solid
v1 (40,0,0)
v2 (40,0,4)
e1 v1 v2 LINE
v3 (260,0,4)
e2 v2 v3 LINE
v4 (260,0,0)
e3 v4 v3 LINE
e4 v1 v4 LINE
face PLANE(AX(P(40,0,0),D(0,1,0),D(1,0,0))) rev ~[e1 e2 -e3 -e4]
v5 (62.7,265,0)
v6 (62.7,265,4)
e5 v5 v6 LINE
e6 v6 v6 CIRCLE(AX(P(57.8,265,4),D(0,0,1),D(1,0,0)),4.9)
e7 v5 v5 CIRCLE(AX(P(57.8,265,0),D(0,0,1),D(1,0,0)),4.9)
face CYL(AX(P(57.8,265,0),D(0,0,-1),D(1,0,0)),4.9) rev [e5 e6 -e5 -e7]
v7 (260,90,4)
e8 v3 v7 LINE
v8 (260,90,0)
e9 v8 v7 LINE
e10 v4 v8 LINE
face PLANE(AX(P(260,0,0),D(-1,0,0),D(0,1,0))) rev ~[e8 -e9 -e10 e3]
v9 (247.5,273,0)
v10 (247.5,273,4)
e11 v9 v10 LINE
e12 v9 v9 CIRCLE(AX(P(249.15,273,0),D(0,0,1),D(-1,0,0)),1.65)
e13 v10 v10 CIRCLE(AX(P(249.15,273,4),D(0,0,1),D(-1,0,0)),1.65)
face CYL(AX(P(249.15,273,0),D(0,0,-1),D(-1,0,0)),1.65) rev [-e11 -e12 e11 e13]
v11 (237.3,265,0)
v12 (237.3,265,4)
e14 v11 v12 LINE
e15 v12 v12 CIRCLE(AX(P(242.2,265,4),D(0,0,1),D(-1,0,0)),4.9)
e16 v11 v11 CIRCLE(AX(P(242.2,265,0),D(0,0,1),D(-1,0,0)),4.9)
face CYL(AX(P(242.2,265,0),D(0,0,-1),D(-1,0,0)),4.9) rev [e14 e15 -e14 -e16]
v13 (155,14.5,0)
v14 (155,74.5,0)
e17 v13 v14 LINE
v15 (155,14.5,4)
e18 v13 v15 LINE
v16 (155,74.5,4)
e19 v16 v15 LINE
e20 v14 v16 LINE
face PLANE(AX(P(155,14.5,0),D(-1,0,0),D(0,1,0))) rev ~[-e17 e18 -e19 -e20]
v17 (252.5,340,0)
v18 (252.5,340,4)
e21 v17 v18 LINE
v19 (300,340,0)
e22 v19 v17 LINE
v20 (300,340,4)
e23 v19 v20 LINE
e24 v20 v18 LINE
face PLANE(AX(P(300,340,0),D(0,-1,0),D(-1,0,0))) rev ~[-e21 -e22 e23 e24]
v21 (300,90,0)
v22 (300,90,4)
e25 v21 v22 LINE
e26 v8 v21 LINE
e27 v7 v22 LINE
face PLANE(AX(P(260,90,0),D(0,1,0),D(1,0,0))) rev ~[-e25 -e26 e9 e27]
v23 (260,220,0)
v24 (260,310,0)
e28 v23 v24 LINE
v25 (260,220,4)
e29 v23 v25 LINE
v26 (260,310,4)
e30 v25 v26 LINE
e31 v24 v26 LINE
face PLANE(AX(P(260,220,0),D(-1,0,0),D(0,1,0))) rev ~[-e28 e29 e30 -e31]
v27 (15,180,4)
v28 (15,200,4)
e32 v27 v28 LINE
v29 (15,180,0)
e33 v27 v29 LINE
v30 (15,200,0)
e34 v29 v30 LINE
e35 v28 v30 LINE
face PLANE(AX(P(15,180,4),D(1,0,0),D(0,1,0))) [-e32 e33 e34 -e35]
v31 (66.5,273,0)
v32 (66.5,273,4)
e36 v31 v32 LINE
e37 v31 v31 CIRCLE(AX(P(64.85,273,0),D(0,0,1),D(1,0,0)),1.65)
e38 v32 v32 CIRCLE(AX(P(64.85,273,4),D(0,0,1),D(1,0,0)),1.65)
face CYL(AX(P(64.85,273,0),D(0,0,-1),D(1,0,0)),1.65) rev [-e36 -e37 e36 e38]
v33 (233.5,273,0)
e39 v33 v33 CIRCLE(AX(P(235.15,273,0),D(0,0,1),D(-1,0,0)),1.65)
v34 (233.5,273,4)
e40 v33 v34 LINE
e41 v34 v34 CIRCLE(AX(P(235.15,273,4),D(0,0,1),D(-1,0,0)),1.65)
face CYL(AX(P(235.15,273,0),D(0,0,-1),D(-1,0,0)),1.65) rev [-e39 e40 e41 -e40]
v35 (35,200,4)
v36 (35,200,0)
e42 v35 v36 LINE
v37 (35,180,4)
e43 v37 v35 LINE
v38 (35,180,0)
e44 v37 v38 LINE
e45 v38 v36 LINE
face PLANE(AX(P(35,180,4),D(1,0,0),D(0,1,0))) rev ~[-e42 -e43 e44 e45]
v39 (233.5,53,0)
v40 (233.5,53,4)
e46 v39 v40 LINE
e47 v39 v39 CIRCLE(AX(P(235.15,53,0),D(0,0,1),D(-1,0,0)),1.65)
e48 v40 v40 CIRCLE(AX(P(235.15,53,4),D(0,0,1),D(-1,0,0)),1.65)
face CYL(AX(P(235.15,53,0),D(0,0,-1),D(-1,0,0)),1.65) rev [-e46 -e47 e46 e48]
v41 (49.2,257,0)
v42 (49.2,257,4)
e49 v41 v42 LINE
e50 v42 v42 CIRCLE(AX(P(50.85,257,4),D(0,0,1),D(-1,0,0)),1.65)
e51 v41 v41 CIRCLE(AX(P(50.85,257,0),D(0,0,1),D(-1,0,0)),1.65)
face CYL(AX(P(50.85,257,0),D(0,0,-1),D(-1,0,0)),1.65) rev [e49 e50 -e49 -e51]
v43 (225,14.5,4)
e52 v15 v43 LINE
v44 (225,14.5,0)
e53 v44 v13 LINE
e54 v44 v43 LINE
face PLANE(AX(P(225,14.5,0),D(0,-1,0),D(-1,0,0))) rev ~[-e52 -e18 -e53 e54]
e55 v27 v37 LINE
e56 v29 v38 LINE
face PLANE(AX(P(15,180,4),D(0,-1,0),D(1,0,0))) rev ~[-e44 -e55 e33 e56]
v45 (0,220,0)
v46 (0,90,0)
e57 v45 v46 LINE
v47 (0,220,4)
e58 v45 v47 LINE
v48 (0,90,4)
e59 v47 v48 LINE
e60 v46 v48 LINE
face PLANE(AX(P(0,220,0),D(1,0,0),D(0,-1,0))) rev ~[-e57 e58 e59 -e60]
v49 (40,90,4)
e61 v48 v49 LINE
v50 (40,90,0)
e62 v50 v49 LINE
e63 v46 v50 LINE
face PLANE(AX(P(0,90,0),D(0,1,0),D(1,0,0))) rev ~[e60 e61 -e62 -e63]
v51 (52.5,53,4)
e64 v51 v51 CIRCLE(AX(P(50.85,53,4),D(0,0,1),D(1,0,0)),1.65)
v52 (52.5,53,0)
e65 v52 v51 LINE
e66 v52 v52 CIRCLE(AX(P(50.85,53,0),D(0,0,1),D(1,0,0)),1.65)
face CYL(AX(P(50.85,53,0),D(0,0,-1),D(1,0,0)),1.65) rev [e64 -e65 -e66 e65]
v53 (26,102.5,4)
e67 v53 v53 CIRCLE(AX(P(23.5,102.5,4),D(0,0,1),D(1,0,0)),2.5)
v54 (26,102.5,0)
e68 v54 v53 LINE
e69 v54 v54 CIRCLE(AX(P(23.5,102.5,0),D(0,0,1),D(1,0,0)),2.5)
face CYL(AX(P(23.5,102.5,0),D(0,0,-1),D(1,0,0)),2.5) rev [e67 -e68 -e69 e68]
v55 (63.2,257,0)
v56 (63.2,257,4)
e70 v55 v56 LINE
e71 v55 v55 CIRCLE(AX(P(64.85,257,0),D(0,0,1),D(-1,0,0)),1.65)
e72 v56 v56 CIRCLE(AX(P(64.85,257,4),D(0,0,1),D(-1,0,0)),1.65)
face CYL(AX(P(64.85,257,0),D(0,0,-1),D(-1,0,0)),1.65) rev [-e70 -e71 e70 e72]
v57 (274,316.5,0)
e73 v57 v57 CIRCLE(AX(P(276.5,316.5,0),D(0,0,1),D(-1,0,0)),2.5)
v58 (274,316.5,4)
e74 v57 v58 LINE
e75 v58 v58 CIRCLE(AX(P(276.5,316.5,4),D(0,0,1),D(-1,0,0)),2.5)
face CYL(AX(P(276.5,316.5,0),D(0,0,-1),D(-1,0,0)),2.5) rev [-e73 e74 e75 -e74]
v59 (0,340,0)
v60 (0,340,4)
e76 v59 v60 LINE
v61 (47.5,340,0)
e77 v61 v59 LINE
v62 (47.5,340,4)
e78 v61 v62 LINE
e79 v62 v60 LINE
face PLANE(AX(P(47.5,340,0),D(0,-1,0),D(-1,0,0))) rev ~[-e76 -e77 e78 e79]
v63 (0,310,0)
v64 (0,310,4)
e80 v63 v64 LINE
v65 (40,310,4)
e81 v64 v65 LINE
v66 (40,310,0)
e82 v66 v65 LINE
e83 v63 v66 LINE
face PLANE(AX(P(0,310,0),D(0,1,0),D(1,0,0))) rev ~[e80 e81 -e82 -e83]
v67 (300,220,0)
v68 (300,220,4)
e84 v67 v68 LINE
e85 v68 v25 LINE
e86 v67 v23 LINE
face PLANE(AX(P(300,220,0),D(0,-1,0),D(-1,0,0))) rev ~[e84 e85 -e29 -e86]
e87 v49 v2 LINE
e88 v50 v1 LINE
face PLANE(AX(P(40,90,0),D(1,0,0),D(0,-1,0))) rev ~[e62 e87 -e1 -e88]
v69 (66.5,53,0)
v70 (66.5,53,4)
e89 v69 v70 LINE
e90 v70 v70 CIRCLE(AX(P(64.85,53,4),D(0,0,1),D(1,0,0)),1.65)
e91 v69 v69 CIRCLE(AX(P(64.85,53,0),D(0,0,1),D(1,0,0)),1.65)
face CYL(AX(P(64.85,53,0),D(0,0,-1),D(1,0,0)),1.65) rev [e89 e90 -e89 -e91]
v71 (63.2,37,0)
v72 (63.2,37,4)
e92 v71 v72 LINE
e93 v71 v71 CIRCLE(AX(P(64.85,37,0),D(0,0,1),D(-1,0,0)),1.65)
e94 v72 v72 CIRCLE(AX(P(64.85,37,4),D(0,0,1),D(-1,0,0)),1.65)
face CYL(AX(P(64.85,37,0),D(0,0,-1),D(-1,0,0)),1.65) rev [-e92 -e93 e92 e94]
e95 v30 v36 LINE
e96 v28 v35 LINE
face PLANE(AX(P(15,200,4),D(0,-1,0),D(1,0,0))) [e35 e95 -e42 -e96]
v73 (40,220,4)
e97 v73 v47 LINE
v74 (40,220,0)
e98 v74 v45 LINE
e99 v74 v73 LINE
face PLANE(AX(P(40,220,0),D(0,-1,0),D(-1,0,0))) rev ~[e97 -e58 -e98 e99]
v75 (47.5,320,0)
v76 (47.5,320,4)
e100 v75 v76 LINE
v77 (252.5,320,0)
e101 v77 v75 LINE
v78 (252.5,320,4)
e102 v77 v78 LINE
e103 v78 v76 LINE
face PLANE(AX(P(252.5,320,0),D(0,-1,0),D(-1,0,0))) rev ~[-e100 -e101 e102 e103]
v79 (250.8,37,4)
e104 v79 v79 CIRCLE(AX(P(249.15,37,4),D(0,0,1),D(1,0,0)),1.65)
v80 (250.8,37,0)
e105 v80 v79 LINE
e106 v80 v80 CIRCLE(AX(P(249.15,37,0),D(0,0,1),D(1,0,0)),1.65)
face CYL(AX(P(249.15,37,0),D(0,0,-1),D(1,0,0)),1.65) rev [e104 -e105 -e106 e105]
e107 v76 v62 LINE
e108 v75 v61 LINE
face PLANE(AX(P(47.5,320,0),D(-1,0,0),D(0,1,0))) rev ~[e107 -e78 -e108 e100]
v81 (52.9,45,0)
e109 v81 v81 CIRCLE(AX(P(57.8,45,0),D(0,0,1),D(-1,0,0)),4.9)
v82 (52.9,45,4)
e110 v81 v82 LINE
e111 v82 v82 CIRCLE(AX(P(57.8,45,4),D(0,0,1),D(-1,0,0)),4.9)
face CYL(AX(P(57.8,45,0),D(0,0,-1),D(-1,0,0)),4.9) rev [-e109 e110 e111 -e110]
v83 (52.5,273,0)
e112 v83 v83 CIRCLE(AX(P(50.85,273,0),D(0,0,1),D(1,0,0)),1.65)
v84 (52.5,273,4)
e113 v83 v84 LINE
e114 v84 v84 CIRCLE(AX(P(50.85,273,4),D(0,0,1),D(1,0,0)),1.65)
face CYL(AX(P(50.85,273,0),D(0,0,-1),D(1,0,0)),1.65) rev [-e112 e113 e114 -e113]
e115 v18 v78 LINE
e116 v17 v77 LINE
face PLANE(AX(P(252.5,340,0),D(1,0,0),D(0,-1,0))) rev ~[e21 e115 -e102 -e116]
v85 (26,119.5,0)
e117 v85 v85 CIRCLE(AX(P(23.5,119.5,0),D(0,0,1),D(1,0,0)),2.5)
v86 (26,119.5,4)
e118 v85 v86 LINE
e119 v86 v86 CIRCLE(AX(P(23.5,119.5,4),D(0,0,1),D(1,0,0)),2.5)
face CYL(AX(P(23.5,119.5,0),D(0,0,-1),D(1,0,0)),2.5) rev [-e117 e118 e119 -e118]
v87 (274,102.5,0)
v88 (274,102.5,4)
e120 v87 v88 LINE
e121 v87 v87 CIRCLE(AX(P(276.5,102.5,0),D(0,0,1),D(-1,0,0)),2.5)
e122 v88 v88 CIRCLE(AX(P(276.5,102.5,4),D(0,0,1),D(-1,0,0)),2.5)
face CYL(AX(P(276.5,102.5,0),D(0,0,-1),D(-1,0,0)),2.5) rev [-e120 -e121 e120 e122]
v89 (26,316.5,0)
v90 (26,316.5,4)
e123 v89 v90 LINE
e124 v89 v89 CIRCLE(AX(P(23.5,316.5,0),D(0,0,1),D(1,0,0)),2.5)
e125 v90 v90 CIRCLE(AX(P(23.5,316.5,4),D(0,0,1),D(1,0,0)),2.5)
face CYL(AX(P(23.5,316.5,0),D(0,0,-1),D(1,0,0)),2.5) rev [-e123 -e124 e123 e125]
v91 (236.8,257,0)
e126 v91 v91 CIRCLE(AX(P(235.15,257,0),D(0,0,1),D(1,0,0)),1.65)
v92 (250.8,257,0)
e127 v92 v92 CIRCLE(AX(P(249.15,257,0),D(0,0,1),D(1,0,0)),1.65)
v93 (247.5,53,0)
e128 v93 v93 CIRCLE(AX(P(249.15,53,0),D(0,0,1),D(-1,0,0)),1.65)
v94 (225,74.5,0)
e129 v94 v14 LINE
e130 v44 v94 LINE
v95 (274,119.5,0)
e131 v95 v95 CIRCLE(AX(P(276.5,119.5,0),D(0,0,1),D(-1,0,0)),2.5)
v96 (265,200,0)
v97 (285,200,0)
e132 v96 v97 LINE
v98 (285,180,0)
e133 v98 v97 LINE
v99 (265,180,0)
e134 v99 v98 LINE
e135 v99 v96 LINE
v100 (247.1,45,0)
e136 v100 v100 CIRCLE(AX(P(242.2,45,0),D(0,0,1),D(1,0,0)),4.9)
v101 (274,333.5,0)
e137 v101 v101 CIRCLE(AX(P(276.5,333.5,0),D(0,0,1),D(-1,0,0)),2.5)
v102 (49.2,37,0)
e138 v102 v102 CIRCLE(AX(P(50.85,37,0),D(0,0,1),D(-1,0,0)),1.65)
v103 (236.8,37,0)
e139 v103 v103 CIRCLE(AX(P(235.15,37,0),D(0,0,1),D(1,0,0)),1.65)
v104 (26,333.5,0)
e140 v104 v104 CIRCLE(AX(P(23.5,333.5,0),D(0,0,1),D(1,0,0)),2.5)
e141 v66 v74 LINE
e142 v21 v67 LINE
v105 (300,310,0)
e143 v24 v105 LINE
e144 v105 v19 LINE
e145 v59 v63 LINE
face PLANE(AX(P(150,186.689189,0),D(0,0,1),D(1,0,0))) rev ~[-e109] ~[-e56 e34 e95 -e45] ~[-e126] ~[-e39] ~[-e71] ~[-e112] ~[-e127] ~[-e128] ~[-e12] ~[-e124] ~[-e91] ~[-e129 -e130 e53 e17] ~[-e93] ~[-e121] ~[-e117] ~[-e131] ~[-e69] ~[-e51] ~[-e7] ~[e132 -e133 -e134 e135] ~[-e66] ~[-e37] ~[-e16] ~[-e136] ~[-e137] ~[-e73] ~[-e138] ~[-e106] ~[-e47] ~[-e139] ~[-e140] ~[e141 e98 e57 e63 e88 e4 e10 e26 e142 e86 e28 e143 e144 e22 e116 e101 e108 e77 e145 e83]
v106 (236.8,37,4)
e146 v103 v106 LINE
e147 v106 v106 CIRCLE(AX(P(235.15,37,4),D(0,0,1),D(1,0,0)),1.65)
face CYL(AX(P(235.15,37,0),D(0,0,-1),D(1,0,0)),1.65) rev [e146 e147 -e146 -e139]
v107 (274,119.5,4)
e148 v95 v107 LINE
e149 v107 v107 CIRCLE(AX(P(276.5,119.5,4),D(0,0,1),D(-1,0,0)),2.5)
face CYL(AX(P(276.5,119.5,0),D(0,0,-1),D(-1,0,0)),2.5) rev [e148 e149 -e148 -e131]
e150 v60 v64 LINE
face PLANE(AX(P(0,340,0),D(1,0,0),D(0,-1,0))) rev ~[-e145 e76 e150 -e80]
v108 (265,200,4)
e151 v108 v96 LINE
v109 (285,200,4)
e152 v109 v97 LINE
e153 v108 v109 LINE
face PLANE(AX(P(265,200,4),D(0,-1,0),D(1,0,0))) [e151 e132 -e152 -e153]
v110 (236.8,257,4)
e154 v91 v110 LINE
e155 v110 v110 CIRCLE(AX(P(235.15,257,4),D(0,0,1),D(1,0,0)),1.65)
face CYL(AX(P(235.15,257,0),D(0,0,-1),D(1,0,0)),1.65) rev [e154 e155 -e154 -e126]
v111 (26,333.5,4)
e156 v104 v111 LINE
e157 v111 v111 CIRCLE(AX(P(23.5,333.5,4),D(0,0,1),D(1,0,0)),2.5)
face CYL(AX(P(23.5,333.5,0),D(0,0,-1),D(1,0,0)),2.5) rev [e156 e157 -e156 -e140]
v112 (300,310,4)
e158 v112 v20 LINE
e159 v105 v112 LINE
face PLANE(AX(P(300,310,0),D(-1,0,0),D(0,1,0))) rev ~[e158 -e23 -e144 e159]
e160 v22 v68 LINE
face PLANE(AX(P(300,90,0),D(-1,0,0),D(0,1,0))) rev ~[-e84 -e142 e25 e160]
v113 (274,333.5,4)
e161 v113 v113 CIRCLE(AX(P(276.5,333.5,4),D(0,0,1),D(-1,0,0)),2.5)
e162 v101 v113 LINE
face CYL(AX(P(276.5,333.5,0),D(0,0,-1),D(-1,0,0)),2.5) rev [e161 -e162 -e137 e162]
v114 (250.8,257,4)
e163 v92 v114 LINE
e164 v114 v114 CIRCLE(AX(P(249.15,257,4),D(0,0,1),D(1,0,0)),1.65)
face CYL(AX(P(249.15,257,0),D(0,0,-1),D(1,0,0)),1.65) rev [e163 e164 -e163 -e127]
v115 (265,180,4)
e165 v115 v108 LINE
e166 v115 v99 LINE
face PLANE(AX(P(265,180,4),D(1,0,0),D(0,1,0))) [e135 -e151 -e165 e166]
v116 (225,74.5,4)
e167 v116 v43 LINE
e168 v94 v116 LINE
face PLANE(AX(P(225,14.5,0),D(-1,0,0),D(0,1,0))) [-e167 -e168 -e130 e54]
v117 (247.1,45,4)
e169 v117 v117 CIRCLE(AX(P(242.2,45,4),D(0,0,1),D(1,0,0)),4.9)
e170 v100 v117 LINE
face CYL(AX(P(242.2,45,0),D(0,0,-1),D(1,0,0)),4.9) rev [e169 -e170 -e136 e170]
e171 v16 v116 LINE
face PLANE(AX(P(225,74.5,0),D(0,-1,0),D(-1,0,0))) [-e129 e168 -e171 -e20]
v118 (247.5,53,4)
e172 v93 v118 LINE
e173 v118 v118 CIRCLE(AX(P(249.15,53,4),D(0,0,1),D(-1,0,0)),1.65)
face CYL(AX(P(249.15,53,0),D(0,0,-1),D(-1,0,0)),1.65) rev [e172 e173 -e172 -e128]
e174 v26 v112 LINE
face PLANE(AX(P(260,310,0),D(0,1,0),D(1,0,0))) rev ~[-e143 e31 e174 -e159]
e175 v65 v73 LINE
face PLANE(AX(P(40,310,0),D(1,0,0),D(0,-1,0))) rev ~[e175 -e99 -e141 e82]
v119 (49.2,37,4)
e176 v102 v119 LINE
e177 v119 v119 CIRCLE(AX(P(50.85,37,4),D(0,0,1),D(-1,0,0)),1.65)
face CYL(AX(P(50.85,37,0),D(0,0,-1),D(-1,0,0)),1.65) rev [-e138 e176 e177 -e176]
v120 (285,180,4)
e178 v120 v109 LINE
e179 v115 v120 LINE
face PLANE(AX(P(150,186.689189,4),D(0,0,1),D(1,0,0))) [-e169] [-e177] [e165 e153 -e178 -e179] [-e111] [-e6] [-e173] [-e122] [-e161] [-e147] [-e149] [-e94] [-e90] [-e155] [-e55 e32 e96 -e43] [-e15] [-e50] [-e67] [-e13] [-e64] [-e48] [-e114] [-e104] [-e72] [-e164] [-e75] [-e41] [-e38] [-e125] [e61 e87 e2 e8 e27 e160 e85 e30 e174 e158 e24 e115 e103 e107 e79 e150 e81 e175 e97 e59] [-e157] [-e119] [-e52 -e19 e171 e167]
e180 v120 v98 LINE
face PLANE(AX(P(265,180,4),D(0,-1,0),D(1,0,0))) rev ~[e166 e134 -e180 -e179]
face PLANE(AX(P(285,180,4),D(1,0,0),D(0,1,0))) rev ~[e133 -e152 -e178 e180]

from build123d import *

# Parameters (mm, degrees)
SKETCH_2_R          = 1.65
SKETCH_2_R_2        = 4.9
SKETCH_2_R_3        = 2.5
EXTRUDE_1_DEPTH     = 4
SKETCH_5_W          = 20
SKETCH_5_H          = 20
CUT_EXTRUDE_1_DEPTH = 10
SKETCH_6_W          = 70
SKETCH_6_H          = 60
CUT_EXTRUDE_2_DEPTH = 10


with BuildPart() as part:
    # 草图2 → 凸台-拉伸1 (new body)
    with BuildSketch(Plane.XY):
        Polygon((40, 0), (260, 0), (260, 90), (300, 90), (300, 220), (260, 220), (260, 310), (300, 310), (300, 340), (252.5, 340), (252.5, 320), (47.5, 320), (47.5, 340), (0, 340), (0, 310), (40, 310), (40, 220), (0, 220), (0, 90), (40, 90), align=None)
        with Locations((50.85, 273)):
            Circle(SKETCH_2_R, mode=Mode.SUBTRACT)
        with Locations((64.85, 273)):
            Circle(SKETCH_2_R, mode=Mode.SUBTRACT)
        with Locations((64.85, 257)):
            Circle(SKETCH_2_R, mode=Mode.SUBTRACT)
        with Locations((50.85, 257)):
            Circle(SKETCH_2_R, mode=Mode.SUBTRACT)
        with Locations((57.8, 265)):
            Circle(SKETCH_2_R_2, mode=Mode.SUBTRACT)
        with Locations((235.15, 257)):
            Circle(SKETCH_2_R, mode=Mode.SUBTRACT)
        with Locations((249.15, 257)):
            Circle(SKETCH_2_R, mode=Mode.SUBTRACT)
        with Locations((242.2, 265)):
            Circle(SKETCH_2_R_2, mode=Mode.SUBTRACT)
        with Locations((235.15, 273)):
            Circle(SKETCH_2_R, mode=Mode.SUBTRACT)
        with Locations((249.15, 273)):
            Circle(SKETCH_2_R, mode=Mode.SUBTRACT)
        with Locations((249.15, 53)):
            Circle(SKETCH_2_R, mode=Mode.SUBTRACT)
        with Locations((235.15, 53)):
            Circle(SKETCH_2_R, mode=Mode.SUBTRACT)
        with Locations((249.15, 37)):
            Circle(SKETCH_2_R, mode=Mode.SUBTRACT)
        with Locations((242.2, 45)):
            Circle(SKETCH_2_R_2, mode=Mode.SUBTRACT)
        with Locations((235.15, 37)):
            Circle(SKETCH_2_R, mode=Mode.SUBTRACT)
        with Locations((50.85, 53)):
            Circle(SKETCH_2_R, mode=Mode.SUBTRACT)
        with Locations((64.85, 53)):
            Circle(SKETCH_2_R, mode=Mode.SUBTRACT)
        with Locations((64.85, 37)):
            Circle(SKETCH_2_R, mode=Mode.SUBTRACT)
        with Locations((57.8, 45)):
            Circle(SKETCH_2_R_2, mode=Mode.SUBTRACT)
        with Locations((50.85, 37)):
            Circle(SKETCH_2_R, mode=Mode.SUBTRACT)
        with Locations((23.5, 333.5)):
            Circle(SKETCH_2_R_3, mode=Mode.SUBTRACT)
        with Locations((23.5, 316.5)):
            Circle(SKETCH_2_R_3, mode=Mode.SUBTRACT)
        with Locations((276.5, 316.5)):
            Circle(SKETCH_2_R_3, mode=Mode.SUBTRACT)
        with Locations((276.5, 333.5)):
            Circle(SKETCH_2_R_3, mode=Mode.SUBTRACT)
        with Locations((23.5, 119.5)):
            Circle(SKETCH_2_R_3, mode=Mode.SUBTRACT)
        with Locations((23.5, 102.5)):
            Circle(SKETCH_2_R_3, mode=Mode.SUBTRACT)
        with Locations((276.5, 102.5)):
            Circle(SKETCH_2_R_3, mode=Mode.SUBTRACT)
        with Locations((276.5, 119.5)):
            Circle(SKETCH_2_R_3, mode=Mode.SUBTRACT)
    extrude(amount=EXTRUDE_1_DEPTH)

    # 草图5 → 切除-拉伸1 (cut)
    with BuildSketch(Plane.XY.offset(4)):
        with Locations((275, 190)):
            Rectangle(SKETCH_5_W, SKETCH_5_H)
        with Locations((25, 190)):
            Rectangle(SKETCH_5_W, SKETCH_5_H)
    extrude(amount=-CUT_EXTRUDE_1_DEPTH, mode=Mode.SUBTRACT)

    # 草图6 → 切除-拉伸2 (cut)
    with BuildSketch(Plane(origin=(0, 0, 0), x_dir=(-1, 0, 0), z_dir=(0, 0, -1))):
        with Locations((-190, 44.5)):
            Rectangle(SKETCH_6_W, SKETCH_6_H)
    extrude(amount=-CUT_EXTRUDE_2_DEPTH, mode=Mode.SUBTRACT)


solid = part.part
